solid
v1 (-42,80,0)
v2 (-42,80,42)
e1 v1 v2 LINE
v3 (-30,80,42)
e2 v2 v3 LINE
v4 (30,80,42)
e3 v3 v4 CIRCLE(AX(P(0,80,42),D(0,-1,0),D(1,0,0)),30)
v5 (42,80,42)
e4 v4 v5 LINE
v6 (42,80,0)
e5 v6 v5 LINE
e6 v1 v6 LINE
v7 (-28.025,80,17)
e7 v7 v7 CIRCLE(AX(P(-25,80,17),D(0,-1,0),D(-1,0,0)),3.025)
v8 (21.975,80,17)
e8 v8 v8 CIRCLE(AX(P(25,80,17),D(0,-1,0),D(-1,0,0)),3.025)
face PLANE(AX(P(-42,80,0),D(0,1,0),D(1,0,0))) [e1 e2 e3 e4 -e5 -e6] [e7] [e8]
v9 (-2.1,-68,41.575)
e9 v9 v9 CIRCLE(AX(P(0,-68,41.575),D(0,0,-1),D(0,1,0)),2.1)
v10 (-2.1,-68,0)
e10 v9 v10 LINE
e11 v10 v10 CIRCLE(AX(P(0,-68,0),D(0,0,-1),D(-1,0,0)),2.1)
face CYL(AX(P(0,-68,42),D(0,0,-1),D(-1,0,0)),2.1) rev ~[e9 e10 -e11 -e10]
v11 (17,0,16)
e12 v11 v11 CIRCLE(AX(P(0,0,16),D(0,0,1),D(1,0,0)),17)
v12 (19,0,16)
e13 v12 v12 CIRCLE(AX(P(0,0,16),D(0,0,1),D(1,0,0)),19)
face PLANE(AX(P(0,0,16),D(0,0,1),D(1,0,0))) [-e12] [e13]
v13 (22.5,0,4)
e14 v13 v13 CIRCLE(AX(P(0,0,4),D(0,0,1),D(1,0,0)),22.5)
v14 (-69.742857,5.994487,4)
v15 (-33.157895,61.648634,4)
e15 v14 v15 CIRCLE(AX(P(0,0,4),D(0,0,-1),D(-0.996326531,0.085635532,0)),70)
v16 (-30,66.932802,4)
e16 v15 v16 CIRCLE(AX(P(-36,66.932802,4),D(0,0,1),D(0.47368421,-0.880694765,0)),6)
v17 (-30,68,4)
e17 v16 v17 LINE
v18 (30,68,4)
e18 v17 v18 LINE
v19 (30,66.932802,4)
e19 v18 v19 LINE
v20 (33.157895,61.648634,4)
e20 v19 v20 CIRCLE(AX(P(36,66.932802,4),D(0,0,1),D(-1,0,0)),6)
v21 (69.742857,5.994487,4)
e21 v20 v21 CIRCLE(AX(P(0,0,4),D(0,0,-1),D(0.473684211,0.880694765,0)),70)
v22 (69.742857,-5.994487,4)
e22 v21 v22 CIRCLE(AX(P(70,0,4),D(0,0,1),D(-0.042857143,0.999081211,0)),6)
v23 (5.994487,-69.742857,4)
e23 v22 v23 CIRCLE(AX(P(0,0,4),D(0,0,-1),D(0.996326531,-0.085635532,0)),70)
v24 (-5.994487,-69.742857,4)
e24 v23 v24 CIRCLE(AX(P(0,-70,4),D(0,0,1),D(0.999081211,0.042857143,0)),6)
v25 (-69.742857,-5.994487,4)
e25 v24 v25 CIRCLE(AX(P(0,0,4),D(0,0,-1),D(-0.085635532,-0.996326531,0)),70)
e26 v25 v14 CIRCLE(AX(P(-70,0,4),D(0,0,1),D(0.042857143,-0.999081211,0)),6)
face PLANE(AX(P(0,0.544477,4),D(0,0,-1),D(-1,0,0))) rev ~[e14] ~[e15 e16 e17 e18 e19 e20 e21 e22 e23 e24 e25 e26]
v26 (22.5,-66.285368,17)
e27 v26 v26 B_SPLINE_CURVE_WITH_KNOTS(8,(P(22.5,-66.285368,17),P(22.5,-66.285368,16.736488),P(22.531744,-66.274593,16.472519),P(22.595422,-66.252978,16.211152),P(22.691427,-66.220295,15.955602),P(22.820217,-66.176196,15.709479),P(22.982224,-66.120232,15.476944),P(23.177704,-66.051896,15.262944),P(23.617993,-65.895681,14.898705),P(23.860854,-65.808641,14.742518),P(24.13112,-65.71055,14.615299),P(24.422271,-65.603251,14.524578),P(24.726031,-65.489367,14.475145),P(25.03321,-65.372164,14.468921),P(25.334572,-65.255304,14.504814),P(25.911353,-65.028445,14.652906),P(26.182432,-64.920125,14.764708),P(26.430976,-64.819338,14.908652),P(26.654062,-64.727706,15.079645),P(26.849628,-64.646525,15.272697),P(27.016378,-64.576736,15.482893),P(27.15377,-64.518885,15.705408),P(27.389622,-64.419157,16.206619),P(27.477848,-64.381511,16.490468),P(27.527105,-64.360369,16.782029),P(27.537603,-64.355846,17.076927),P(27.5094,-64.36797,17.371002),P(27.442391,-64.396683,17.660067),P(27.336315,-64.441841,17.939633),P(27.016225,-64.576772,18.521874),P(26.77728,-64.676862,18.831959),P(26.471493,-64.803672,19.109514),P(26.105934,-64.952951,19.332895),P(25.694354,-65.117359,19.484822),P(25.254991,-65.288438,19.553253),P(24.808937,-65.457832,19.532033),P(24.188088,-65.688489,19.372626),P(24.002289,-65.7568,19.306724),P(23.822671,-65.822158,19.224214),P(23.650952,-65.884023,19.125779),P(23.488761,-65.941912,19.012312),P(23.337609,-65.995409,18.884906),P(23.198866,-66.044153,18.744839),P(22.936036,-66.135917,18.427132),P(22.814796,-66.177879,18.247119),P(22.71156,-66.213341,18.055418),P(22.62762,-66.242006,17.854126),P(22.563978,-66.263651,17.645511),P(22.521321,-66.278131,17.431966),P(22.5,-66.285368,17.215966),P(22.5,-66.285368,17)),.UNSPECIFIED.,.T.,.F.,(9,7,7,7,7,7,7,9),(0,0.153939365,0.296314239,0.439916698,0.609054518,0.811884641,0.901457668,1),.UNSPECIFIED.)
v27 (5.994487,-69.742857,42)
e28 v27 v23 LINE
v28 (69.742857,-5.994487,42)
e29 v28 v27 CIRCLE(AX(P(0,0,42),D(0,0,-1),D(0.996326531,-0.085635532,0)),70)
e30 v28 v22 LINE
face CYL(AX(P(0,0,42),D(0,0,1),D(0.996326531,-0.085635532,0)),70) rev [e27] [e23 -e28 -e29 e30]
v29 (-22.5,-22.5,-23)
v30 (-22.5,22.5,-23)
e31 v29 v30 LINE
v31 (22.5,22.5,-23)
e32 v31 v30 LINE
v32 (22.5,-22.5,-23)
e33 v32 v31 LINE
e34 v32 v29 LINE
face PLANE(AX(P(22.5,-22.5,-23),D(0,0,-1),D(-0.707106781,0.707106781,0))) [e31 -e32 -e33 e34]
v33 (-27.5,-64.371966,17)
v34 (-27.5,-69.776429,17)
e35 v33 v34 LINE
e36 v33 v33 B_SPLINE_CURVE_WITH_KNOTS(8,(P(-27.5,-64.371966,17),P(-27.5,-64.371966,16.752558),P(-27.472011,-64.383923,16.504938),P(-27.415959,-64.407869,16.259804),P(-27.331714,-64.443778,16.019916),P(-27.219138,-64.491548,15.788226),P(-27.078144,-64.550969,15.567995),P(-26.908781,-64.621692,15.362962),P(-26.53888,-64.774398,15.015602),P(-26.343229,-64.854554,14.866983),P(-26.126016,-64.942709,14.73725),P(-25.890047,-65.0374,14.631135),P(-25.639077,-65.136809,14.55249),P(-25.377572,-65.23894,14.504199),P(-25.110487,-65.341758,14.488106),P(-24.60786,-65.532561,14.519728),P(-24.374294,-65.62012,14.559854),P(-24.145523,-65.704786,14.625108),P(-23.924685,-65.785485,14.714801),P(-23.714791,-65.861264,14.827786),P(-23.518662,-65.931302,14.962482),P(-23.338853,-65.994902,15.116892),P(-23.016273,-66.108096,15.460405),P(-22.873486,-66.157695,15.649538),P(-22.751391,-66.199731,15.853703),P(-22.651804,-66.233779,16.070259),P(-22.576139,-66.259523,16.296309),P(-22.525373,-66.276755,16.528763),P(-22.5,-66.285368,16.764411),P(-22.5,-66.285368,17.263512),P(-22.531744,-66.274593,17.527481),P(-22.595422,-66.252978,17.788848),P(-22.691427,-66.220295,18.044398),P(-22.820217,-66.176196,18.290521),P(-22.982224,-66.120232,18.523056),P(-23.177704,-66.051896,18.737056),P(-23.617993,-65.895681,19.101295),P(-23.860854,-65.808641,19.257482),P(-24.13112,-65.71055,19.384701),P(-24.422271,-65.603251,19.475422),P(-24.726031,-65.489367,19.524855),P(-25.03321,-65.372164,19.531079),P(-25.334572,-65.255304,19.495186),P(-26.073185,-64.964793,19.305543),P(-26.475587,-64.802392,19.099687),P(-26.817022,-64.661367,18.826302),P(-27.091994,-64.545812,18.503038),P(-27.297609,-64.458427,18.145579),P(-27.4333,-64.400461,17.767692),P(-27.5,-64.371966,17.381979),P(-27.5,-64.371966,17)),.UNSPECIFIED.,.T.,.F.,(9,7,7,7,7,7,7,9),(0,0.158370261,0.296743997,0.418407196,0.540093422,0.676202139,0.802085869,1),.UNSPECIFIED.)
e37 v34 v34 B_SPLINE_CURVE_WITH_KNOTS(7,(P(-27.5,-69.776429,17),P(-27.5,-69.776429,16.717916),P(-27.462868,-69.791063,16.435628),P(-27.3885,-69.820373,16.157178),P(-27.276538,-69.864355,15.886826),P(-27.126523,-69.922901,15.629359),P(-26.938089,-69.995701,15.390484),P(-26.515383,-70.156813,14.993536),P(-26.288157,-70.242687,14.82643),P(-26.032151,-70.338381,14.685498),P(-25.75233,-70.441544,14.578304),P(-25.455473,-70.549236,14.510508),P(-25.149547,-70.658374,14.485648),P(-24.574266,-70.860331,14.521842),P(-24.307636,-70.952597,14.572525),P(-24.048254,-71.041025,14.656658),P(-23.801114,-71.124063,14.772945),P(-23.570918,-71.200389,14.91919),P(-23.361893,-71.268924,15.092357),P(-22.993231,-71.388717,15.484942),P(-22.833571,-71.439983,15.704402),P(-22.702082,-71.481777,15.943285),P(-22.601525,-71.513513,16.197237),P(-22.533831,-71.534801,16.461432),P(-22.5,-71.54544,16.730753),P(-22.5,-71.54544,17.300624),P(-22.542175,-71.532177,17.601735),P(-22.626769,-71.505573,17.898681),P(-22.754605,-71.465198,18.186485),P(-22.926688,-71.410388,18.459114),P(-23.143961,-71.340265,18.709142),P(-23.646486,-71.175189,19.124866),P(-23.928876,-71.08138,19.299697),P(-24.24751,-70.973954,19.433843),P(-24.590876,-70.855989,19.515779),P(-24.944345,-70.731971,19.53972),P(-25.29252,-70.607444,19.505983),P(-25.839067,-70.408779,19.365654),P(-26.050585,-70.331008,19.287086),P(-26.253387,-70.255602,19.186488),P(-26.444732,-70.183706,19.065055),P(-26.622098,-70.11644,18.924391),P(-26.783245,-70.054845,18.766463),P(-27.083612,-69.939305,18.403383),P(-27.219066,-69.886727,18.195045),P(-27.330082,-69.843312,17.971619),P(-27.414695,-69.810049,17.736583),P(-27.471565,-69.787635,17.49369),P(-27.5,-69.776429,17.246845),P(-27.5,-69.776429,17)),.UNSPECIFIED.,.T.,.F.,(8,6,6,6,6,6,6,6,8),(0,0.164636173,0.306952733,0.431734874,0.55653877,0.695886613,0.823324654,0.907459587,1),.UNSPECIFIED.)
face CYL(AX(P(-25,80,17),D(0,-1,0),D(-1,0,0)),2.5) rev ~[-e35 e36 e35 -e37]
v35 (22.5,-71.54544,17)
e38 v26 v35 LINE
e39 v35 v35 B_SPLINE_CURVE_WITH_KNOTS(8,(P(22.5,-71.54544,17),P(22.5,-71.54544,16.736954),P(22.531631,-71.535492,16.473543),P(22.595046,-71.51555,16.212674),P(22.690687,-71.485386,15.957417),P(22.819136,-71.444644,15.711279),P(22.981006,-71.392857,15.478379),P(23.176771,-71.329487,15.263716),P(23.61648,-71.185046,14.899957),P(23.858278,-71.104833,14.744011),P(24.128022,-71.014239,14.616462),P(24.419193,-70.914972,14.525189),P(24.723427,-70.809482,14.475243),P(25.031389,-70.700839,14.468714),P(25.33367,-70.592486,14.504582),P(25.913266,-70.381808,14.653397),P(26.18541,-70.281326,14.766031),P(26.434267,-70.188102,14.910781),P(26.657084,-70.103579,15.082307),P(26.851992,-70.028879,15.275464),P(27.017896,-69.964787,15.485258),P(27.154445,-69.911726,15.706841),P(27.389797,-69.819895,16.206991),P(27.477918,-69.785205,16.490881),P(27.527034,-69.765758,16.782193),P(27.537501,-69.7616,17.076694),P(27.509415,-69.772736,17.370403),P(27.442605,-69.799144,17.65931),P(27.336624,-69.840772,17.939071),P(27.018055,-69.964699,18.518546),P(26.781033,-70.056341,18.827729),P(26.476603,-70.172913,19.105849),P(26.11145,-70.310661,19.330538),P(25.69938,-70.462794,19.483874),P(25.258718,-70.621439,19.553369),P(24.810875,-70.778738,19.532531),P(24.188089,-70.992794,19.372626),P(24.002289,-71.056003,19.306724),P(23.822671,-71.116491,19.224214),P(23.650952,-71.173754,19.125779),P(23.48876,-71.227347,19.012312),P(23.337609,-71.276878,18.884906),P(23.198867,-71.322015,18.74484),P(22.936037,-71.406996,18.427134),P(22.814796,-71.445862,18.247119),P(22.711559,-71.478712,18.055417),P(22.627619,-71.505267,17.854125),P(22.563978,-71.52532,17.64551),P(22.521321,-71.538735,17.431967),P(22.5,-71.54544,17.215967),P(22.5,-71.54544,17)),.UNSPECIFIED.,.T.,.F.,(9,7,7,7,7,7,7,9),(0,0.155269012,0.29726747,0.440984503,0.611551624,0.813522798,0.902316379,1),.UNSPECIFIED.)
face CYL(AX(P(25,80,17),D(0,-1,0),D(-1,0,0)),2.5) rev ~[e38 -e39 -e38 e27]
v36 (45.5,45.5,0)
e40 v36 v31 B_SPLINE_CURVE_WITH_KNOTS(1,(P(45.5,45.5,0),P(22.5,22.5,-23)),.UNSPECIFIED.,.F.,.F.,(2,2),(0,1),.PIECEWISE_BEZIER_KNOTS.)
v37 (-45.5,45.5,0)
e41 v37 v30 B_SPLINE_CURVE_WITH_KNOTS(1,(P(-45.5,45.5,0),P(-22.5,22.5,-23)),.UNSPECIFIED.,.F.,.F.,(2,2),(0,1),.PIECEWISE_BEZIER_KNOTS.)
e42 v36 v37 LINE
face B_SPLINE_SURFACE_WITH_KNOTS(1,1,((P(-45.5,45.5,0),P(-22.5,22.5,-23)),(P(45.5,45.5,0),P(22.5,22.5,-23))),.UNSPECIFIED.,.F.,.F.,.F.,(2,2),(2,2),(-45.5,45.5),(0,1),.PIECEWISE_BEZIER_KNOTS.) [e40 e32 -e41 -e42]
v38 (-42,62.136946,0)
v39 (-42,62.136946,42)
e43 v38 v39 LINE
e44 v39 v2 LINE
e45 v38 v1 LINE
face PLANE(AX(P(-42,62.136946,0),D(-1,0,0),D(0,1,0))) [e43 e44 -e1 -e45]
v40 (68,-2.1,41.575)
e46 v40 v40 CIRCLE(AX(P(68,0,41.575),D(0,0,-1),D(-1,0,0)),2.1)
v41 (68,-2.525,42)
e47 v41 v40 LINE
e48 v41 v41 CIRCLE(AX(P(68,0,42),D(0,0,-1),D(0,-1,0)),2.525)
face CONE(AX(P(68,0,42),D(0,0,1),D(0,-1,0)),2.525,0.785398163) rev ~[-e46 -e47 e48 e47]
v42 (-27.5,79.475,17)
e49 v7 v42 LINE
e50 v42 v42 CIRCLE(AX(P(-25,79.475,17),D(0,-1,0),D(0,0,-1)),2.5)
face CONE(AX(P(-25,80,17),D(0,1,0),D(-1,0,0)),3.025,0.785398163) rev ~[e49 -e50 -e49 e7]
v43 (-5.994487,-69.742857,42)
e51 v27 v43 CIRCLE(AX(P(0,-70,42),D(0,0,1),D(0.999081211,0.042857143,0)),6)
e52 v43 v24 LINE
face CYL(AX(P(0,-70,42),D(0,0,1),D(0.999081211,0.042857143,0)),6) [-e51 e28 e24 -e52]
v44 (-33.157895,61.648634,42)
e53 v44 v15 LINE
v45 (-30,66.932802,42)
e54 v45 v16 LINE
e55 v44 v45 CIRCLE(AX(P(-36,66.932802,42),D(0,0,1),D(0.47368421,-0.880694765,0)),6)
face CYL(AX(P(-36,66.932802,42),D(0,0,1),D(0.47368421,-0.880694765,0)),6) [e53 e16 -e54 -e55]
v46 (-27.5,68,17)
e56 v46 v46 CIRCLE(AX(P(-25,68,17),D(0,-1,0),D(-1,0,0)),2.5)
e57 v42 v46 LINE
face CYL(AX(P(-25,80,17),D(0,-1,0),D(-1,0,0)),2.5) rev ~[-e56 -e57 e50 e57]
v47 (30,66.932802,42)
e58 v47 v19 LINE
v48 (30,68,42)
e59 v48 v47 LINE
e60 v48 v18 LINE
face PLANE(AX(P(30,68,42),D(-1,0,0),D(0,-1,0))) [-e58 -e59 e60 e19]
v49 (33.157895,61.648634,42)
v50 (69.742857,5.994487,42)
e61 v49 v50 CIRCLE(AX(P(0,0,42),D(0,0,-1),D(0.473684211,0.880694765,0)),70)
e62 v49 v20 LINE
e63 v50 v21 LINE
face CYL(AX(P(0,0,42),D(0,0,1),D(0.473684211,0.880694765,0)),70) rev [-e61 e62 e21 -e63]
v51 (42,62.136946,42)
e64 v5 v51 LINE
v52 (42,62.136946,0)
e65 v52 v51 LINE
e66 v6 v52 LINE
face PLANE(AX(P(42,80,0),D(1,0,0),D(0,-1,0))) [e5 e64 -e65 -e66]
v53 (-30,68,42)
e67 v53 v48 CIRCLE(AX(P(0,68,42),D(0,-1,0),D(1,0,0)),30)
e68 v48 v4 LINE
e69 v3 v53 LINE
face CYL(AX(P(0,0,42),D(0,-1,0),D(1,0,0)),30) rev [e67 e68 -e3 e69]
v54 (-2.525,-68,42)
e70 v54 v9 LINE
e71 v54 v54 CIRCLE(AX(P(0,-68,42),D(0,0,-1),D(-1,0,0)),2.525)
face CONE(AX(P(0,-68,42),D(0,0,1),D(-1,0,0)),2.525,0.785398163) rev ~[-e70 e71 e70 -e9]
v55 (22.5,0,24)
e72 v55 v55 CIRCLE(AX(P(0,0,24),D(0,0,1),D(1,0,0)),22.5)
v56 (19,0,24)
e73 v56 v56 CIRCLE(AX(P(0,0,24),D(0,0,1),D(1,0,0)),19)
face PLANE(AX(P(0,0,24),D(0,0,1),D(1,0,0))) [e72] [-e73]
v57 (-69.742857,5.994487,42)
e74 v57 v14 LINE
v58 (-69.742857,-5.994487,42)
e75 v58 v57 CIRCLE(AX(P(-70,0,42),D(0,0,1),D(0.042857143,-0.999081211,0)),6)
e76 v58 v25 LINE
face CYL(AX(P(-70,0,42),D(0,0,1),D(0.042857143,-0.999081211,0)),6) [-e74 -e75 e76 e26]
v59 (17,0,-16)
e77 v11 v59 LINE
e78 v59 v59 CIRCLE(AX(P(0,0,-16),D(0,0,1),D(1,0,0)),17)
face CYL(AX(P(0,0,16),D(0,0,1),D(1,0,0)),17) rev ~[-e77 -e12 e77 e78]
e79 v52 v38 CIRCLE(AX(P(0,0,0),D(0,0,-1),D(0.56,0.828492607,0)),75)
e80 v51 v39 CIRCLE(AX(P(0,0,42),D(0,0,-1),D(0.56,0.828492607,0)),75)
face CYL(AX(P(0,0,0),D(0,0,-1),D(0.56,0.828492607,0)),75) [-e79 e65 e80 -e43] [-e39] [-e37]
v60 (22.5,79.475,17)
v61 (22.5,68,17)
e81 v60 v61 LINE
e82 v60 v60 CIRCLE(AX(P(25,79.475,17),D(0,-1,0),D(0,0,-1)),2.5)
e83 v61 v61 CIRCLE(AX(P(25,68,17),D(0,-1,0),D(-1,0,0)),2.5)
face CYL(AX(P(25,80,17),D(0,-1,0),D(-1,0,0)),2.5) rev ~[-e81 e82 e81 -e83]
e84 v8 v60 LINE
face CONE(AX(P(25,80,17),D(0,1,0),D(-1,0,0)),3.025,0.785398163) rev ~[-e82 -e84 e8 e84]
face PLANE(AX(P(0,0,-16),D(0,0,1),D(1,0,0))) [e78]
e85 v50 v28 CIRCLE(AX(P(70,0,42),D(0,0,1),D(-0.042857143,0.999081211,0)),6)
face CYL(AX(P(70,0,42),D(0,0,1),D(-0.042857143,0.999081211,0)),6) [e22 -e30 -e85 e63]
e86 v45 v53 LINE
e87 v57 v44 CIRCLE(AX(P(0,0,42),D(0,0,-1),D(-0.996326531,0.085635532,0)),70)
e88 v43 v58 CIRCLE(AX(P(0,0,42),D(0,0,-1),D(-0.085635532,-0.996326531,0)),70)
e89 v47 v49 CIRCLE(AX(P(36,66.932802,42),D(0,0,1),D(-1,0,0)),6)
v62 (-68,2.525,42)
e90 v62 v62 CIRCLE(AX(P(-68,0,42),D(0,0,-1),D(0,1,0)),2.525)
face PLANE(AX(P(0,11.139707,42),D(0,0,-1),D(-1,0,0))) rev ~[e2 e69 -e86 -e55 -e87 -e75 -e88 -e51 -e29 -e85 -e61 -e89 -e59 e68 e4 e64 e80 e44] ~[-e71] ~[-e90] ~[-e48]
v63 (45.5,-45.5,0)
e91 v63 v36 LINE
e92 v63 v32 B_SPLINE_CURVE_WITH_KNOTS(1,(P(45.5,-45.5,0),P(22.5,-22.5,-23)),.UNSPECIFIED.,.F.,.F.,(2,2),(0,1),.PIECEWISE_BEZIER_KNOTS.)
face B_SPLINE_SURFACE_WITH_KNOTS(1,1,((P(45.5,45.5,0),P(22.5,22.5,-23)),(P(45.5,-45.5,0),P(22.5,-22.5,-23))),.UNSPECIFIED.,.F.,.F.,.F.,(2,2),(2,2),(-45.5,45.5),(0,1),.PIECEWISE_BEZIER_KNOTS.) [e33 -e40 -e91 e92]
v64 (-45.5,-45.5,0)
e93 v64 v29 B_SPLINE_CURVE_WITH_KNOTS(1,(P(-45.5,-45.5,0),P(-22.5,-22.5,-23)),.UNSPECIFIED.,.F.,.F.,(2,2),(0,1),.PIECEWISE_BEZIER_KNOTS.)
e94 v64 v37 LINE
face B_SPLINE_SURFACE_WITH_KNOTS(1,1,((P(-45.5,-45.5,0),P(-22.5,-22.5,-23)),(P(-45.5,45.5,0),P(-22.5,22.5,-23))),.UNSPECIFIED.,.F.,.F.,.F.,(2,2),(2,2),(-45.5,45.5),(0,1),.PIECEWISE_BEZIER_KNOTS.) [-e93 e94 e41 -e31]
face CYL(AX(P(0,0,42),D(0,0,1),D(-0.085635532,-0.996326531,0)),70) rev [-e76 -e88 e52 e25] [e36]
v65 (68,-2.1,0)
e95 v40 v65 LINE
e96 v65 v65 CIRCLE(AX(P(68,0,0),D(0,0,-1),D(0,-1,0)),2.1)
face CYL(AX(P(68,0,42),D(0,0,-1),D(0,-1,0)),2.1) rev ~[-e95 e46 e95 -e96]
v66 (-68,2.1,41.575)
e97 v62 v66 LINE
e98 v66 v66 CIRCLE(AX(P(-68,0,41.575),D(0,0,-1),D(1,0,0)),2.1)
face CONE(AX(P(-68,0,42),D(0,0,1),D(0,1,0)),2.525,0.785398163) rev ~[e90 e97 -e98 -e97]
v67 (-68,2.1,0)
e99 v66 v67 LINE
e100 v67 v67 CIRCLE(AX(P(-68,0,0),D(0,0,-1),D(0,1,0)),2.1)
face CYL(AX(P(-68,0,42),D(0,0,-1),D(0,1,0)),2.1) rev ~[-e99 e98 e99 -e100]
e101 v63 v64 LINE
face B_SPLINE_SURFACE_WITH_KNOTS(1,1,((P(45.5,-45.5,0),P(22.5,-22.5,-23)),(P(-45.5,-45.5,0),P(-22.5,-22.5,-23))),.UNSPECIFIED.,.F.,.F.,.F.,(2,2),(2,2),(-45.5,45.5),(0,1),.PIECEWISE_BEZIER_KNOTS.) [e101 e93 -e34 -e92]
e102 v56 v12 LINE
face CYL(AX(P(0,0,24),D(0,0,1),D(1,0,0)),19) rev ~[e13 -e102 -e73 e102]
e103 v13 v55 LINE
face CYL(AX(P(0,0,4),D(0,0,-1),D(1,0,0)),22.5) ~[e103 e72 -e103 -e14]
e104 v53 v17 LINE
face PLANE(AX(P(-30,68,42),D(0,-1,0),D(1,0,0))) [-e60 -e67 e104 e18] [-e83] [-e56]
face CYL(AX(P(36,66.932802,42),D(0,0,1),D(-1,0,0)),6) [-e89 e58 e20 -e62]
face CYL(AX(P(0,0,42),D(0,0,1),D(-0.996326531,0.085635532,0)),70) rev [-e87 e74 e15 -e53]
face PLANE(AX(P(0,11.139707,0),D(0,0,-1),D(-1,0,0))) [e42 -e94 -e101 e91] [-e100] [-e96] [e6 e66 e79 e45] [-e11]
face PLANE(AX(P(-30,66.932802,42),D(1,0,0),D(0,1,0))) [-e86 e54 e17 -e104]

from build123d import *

# Parameters (mm, degrees)
EXTRUDE_1_DEPTH              = 42
CUT_EXTRUDE_1_DEPTH          = 38
HOLE_WIZARD_M5_1_D           = 4.2
HOLE_WIZARD_M5_1_CSINK_D     = 5.05
HOLE_WIZARD_M5_1_CSINK_ANGLE = 90
PATTERN_CIRCULAR_1_COUNT     = 4
CUT_EXTRUDE_3_REACH          = 119.427
SKETCH_6_R                   = 30
HOLE_WIZARD_M6_1_D           = 5
HOLE_WIZARD_M6_1_CSINK_D     = 6.05
HOLE_WIZARD_M6_1_CSINK_ANGLE = 90
SKETCH_9_W                   = 91
SKETCH_9_H                   = 91
EXTRUDE_2_DEPTH              = 23
EXTRUDE_2_TAPER              = 45
SKETCH_10_R                  = 22.5
EXTRUDE_3_DEPTH              = 20
SKETCH_11_R                  = 19
CUT_EXTRUDE_4_DEPTH          = 8
SKETCH_12_R                  = 17
CUT_EXTRUDE_5_DEPTH          = 32


with BuildPart() as part:
    # 草图1 → 凸台-拉伸1 (new body)
    with BuildSketch(Plane.XY):
        with BuildLine():
            Line((-42, 62.136945532), (-42, 80))
            Line((-42, 80), (42, 80))
            Line((42, 80), (42, 62.136945532))
            ThreePointArc((42, 62.136945532), (0, -75), (-42, 62.136945532))
        make_face()
    extrude(amount=EXTRUDE_1_DEPTH)

    # 草图2 → 切除-拉伸1 (cut)
    with BuildSketch(Plane.XY.offset(42)):
        with BuildLine():
            Line((-30, 66.932802123), (-30, 68))
            Line((-30, 68), (30, 68))
            Line((30, 68), (30, 66.932802123))
            ThreePointArc((30, 66.932802123), (30.849629548, 63.854867066), (33.157894737, 61.648633534))
            ThreePointArc((33.157894737, 61.648633534), (58.493479839, 38.451434516), (69.742857143, 5.994487263))
            ThreePointArc((69.742857143, 5.994487263), (64, 0), (69.742857143, -5.994487263))
            ThreePointArc((69.742857143, -5.994487263), (49.497474683, -49.497474683), (5.994487263, -69.742857143))
            ThreePointArc((5.994487263, -69.742857143), (0, -64), (-5.994487263, -69.742857143))
            ThreePointArc((-5.994487263, -69.742857143), (-49.497474683, -49.497474683), (-69.742857143, -5.994487263))
            ThreePointArc((-69.742857143, -5.994487263), (-64, 0), (-69.742857143, 5.994487263))
            ThreePointArc((-69.742857143, 5.994487263), (-58.493479839, 38.451434516), (-33.157894737, 61.648633534))
            ThreePointArc((-33.157894737, 61.648633534), (-30.849629548, 63.854867066), (-30, 66.932802123))
        make_face()
    extrude(amount=-CUT_EXTRUDE_1_DEPTH, mode=Mode.SUBTRACT)

    # M5 螺纹孔1 (through all)
    with Locations(Plane.XY.offset(42)):
        with Locations((0, -68)):
            hole_wizard_m5_1 = CounterSinkHole(HOLE_WIZARD_M5_1_D / 2, HOLE_WIZARD_M5_1_CSINK_D / 2, counter_sink_angle=HOLE_WIZARD_M5_1_CSINK_ANGLE)

    # 阵列(圆周)1: M5 螺纹孔1 ×4 about axis, 1 skipped
    pattern_circular_1_axis = Axis((0, 0, 0), (0, 0, -1))
    add([hole_wizard_m5_1.rotate(pattern_circular_1_axis, i * 360 / PATTERN_CIRCULAR_1_COUNT) for i in range(1, PATTERN_CIRCULAR_1_COUNT) if i not in (2,)], mode=Mode.SUBTRACT)

    # 草图6 → 切除-拉伸3 (cut, up to next)
    with BuildSketch(Plane(origin=(0, 0, 0), x_dir=(1, 0, 0), z_dir=(0, 1, 0)), mode=Mode.PRIVATE) as cut_extrude_3_sk1:
        with Locations((0, -42)):
            Circle(SKETCH_6_R)
    cut_extrude_3_tool1 = extrude(cut_extrude_3_sk1.sketch, amount=CUT_EXTRUDE_3_REACH, mode=Mode.PRIVATE) & part.part
    add(cut_extrude_3_tool1.solids().sort_by_distance((0, 0, 42))[0], mode=Mode.SUBTRACT)

    # M6 螺纹孔1 (through all)
    with Locations(Plane(origin=(0, 80, 0), x_dir=(1, 0, 0), z_dir=(0, 1, 0))):
        with Locations((25, -17), (-25, -17)):
            CounterSinkHole(HOLE_WIZARD_M6_1_D / 2, HOLE_WIZARD_M6_1_CSINK_D / 2, counter_sink_angle=HOLE_WIZARD_M6_1_CSINK_ANGLE)

    # 草图9 → 凸台-拉伸2 (add)
    with BuildSketch(Plane(origin=(0, 0, 0), x_dir=(-1, 0, 0), z_dir=(0, 0, -1))):
        Rectangle(SKETCH_9_W, SKETCH_9_H)
    extrude(amount=EXTRUDE_2_DEPTH, taper=EXTRUDE_2_TAPER)

    # 草图10 → 凸台-拉伸3 (add)
    with BuildSketch(Plane.XY.offset(4)):
        Circle(SKETCH_10_R)
    extrude(amount=EXTRUDE_3_DEPTH)

    # 草图11 → 切除-拉伸4 (cut)
    with BuildSketch(Plane.XY.offset(24)):
        Circle(SKETCH_11_R)
    extrude(amount=-CUT_EXTRUDE_4_DEPTH, mode=Mode.SUBTRACT)

    # 草图12 → 切除-拉伸5 (cut)
    with BuildSketch(Plane.XY.offset(16)):
        Circle(SKETCH_12_R)
    extrude(amount=-CUT_EXTRUDE_5_DEPTH, mode=Mode.SUBTRACT)


solid = part.part
